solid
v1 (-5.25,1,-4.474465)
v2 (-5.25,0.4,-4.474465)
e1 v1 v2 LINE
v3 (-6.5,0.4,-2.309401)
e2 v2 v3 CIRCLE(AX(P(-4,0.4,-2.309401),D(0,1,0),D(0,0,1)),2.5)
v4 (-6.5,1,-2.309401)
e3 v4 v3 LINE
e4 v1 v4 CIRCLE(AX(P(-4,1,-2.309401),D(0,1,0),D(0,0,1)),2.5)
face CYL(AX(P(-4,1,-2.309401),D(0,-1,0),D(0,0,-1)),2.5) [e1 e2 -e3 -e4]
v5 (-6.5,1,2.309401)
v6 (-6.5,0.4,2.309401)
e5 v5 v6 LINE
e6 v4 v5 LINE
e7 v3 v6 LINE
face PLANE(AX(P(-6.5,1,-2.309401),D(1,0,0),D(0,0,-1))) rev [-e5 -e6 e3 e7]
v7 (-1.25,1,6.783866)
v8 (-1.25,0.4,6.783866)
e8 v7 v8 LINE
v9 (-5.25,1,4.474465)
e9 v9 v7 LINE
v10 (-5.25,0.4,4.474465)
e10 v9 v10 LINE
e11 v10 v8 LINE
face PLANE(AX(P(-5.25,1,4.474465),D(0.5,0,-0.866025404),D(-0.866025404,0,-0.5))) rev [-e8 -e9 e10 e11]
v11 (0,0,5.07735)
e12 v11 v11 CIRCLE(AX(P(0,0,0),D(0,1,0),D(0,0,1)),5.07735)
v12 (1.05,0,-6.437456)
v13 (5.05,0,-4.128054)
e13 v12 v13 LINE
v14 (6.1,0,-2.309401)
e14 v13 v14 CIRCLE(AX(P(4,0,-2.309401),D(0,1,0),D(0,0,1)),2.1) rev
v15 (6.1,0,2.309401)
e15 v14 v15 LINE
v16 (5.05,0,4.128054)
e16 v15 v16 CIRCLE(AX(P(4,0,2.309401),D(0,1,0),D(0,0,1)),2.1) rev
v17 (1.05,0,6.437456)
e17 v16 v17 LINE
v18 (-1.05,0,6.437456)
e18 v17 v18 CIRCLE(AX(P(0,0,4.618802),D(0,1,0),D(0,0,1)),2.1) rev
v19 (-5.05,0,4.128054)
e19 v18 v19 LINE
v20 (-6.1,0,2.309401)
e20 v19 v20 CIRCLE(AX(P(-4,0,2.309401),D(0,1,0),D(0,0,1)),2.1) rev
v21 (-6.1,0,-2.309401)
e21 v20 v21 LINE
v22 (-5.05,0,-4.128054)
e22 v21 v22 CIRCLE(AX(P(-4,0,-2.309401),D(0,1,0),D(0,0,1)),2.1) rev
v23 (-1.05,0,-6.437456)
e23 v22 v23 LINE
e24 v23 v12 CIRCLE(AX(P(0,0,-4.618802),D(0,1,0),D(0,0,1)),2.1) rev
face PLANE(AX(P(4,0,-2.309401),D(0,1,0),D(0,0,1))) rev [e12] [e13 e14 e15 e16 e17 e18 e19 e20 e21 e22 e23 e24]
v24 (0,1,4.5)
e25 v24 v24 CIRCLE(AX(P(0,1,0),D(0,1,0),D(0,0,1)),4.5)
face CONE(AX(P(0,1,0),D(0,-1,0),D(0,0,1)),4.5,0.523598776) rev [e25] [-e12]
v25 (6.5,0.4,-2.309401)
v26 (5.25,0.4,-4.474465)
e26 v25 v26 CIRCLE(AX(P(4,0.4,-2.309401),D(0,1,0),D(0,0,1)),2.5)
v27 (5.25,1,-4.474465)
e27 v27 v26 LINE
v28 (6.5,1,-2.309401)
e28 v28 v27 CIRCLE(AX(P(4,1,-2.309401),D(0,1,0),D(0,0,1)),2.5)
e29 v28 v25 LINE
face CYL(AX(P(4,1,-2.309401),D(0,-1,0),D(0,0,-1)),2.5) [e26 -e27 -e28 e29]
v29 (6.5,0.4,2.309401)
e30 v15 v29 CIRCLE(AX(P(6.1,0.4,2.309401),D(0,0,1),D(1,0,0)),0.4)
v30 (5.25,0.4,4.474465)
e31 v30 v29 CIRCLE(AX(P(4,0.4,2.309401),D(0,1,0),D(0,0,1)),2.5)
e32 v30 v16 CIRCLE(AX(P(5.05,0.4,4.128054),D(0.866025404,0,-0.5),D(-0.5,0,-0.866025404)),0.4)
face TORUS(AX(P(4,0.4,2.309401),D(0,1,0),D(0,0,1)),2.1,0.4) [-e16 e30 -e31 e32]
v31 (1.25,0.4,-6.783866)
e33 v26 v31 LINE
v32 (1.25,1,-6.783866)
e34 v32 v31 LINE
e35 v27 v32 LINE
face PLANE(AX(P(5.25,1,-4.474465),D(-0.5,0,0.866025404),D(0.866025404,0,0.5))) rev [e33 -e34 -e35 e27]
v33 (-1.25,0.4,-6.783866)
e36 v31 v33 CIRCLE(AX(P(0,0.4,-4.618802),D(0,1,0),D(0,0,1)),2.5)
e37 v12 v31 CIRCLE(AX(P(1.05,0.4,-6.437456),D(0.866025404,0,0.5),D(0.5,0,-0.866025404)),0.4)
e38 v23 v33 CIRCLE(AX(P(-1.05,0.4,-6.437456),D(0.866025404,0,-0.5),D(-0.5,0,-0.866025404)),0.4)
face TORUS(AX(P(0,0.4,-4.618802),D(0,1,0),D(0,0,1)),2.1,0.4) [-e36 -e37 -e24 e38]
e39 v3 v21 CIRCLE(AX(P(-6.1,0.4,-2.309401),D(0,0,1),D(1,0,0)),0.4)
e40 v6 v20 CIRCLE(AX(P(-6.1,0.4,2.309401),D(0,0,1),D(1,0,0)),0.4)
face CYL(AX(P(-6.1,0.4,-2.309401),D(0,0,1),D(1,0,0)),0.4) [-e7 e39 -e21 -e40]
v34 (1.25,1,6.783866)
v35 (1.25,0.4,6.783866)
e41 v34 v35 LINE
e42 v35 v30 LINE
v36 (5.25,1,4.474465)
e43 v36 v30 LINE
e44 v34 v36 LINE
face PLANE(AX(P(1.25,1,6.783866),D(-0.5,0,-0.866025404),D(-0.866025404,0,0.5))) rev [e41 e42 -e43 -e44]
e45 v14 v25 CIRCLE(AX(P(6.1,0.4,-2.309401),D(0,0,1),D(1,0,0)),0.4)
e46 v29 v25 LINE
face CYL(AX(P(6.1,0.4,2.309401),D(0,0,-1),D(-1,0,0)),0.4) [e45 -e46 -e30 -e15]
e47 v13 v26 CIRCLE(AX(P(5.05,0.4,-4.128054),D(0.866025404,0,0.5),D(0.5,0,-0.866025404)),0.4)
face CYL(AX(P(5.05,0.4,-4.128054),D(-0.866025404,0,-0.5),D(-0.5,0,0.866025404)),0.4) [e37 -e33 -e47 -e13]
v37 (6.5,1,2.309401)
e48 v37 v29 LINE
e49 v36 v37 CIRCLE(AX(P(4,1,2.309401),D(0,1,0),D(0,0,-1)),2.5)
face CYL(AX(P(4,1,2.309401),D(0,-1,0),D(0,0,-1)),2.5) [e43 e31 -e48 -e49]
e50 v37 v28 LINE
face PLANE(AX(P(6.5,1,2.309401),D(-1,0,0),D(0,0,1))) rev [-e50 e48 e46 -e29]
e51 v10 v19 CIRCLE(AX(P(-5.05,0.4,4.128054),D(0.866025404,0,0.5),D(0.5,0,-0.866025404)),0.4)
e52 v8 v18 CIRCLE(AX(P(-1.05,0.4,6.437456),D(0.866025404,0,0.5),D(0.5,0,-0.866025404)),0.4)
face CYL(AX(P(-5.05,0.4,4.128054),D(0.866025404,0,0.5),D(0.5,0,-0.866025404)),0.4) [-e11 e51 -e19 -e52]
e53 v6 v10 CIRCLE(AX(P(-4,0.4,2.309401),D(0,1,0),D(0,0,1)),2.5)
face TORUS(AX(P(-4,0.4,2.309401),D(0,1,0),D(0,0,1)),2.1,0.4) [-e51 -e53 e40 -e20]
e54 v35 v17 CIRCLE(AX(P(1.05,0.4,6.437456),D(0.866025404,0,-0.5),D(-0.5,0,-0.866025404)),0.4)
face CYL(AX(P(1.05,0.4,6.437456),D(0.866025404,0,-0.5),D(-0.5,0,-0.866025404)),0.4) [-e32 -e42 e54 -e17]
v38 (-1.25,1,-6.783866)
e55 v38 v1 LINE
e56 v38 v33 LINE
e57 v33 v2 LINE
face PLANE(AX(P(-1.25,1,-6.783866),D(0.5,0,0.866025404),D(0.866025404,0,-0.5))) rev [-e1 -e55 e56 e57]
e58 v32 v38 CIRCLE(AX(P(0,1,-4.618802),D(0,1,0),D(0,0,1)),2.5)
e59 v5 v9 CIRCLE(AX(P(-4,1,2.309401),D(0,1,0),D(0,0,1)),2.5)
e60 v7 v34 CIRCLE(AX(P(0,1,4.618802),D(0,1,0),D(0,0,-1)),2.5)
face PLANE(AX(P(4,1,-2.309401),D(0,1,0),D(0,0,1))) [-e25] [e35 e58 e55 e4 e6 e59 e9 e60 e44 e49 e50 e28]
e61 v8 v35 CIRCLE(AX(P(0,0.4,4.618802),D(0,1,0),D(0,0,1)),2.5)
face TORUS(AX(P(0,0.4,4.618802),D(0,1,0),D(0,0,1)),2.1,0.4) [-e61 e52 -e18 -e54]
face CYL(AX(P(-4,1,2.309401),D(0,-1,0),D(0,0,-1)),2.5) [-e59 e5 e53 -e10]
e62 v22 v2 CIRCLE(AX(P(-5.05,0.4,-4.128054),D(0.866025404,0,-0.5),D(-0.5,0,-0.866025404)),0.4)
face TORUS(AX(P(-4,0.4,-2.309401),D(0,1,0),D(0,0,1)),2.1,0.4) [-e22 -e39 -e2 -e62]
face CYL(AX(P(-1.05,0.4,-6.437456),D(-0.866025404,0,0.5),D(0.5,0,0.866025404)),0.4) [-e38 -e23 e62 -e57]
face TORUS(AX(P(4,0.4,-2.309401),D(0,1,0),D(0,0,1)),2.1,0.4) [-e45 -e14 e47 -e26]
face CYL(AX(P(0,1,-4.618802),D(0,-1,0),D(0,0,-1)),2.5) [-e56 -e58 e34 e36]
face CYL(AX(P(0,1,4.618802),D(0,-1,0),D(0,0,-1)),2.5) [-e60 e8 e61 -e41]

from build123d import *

# Parameters (mm, degrees)
SKETCH1_R           = 4.5
BOSS_EXTRUDE1_DEPTH = 1
SKETCH5_R           = 4.5
CUT_EXTRUDE1_DEPTH  = 1
CUT_EXTRUDE1_DRAFT  = 30
FILLET2_R           = 0.4


with BuildPart() as part:
    # Sketch1 → Boss-Extrude1 (new body)
    with BuildSketch(Plane(origin=(0, 0, 0), x_dir=(1, 0, 0), z_dir=(0, 1, 0))):
        with BuildLine():
            Line((6.5, -2.309401077), (6.5, 2.309401077))
            ThreePointArc((6.5, 2.309401077), (6.165063509, 3.559401077), (5.25, 4.474464586))
            Line((5.25, 4.474464586), (1.25, 6.783865663))
            ThreePointArc((1.25, 6.783865663), (0, 7.118802154), (-1.25, 6.783865663))
            Line((-1.25, 6.783865663), (-5.25, 4.474464586))
            ThreePointArc((-5.25, 4.474464586), (-6.165063509, 3.559401077), (-6.5, 2.309401077))
            Line((-6.5, 2.309401077), (-6.5, -2.309401077))
            ThreePointArc((-6.5, -2.309401077), (-6.165063509, -3.559401077), (-5.25, -4.474464586))
            Line((-5.25, -4.474464586), (-1.25, -6.783865663))
            ThreePointArc((-1.25, -6.783865663), (0, -7.118802154), (1.25, -6.783865663))
            Line((1.25, -6.783865663), (5.25, -4.474464586))
            ThreePointArc((5.25, -4.474464586), (6.165063509, -3.559401077), (6.5, -2.309401077))
        make_face()
        Circle(SKETCH1_R, mode=Mode.SUBTRACT)
    extrude(amount=BOSS_EXTRUDE1_DEPTH)


with BuildPart() as cut_extrude1_tool:
    # Sketch5 → Cut-Extrude1 (with draft: the straight prism first)
    with BuildSketch(Plane(origin=(0, 1, 0), x_dir=(1, 0, 0), z_dir=(0, 1, 0))):
        Circle(SKETCH5_R)
    extrude(amount=-CUT_EXTRUDE1_DEPTH)
    # Cut-Extrude1: the draft: its side faces are tilted about the plane it starts from
    cut_extrude1_sides = [cut_extrude1_tool.faces().sort_by_distance(p)[0] for p in [
        (-4.5, 0.5, 0),
    ]]
    draft(cut_extrude1_sides, Plane(origin=(0, 1, 0), x_dir=(1, 0, 0), z_dir=(0, 1, 0)), CUT_EXTRUDE1_DRAFT)


with BuildPart() as part_1:
    add(part.part)

    # Cut-Extrude1: cut by cut_extrude1_tool
    add(cut_extrude1_tool.part, mode=Mode.SUBTRACT)

    # Fillet2
    fillet2_edges = [part_1.edges().sort_by_distance(p)[0] for p in [
        (6.165063509, 0, 3.559401077),
        (3.25, 0, 5.629165125),
        (0, 0, 7.118802154),
        (-3.25, 0, 5.629165125),
        (-6.165063509, 0, 3.559401077),
        (-6.5, 0, 0),
        (-6.165063509, 0, -3.559401077),
        (-3.25, 0, -5.629165125),
        (0, 0, -7.118802154),
        (3.25, 0, -5.629165125),
        (6.165063509, 0, -3.559401077),
        (6.5, 0, 0),
    ]]
    fillet(fillet2_edges, radius=FILLET2_R)


solid = part_1.part
